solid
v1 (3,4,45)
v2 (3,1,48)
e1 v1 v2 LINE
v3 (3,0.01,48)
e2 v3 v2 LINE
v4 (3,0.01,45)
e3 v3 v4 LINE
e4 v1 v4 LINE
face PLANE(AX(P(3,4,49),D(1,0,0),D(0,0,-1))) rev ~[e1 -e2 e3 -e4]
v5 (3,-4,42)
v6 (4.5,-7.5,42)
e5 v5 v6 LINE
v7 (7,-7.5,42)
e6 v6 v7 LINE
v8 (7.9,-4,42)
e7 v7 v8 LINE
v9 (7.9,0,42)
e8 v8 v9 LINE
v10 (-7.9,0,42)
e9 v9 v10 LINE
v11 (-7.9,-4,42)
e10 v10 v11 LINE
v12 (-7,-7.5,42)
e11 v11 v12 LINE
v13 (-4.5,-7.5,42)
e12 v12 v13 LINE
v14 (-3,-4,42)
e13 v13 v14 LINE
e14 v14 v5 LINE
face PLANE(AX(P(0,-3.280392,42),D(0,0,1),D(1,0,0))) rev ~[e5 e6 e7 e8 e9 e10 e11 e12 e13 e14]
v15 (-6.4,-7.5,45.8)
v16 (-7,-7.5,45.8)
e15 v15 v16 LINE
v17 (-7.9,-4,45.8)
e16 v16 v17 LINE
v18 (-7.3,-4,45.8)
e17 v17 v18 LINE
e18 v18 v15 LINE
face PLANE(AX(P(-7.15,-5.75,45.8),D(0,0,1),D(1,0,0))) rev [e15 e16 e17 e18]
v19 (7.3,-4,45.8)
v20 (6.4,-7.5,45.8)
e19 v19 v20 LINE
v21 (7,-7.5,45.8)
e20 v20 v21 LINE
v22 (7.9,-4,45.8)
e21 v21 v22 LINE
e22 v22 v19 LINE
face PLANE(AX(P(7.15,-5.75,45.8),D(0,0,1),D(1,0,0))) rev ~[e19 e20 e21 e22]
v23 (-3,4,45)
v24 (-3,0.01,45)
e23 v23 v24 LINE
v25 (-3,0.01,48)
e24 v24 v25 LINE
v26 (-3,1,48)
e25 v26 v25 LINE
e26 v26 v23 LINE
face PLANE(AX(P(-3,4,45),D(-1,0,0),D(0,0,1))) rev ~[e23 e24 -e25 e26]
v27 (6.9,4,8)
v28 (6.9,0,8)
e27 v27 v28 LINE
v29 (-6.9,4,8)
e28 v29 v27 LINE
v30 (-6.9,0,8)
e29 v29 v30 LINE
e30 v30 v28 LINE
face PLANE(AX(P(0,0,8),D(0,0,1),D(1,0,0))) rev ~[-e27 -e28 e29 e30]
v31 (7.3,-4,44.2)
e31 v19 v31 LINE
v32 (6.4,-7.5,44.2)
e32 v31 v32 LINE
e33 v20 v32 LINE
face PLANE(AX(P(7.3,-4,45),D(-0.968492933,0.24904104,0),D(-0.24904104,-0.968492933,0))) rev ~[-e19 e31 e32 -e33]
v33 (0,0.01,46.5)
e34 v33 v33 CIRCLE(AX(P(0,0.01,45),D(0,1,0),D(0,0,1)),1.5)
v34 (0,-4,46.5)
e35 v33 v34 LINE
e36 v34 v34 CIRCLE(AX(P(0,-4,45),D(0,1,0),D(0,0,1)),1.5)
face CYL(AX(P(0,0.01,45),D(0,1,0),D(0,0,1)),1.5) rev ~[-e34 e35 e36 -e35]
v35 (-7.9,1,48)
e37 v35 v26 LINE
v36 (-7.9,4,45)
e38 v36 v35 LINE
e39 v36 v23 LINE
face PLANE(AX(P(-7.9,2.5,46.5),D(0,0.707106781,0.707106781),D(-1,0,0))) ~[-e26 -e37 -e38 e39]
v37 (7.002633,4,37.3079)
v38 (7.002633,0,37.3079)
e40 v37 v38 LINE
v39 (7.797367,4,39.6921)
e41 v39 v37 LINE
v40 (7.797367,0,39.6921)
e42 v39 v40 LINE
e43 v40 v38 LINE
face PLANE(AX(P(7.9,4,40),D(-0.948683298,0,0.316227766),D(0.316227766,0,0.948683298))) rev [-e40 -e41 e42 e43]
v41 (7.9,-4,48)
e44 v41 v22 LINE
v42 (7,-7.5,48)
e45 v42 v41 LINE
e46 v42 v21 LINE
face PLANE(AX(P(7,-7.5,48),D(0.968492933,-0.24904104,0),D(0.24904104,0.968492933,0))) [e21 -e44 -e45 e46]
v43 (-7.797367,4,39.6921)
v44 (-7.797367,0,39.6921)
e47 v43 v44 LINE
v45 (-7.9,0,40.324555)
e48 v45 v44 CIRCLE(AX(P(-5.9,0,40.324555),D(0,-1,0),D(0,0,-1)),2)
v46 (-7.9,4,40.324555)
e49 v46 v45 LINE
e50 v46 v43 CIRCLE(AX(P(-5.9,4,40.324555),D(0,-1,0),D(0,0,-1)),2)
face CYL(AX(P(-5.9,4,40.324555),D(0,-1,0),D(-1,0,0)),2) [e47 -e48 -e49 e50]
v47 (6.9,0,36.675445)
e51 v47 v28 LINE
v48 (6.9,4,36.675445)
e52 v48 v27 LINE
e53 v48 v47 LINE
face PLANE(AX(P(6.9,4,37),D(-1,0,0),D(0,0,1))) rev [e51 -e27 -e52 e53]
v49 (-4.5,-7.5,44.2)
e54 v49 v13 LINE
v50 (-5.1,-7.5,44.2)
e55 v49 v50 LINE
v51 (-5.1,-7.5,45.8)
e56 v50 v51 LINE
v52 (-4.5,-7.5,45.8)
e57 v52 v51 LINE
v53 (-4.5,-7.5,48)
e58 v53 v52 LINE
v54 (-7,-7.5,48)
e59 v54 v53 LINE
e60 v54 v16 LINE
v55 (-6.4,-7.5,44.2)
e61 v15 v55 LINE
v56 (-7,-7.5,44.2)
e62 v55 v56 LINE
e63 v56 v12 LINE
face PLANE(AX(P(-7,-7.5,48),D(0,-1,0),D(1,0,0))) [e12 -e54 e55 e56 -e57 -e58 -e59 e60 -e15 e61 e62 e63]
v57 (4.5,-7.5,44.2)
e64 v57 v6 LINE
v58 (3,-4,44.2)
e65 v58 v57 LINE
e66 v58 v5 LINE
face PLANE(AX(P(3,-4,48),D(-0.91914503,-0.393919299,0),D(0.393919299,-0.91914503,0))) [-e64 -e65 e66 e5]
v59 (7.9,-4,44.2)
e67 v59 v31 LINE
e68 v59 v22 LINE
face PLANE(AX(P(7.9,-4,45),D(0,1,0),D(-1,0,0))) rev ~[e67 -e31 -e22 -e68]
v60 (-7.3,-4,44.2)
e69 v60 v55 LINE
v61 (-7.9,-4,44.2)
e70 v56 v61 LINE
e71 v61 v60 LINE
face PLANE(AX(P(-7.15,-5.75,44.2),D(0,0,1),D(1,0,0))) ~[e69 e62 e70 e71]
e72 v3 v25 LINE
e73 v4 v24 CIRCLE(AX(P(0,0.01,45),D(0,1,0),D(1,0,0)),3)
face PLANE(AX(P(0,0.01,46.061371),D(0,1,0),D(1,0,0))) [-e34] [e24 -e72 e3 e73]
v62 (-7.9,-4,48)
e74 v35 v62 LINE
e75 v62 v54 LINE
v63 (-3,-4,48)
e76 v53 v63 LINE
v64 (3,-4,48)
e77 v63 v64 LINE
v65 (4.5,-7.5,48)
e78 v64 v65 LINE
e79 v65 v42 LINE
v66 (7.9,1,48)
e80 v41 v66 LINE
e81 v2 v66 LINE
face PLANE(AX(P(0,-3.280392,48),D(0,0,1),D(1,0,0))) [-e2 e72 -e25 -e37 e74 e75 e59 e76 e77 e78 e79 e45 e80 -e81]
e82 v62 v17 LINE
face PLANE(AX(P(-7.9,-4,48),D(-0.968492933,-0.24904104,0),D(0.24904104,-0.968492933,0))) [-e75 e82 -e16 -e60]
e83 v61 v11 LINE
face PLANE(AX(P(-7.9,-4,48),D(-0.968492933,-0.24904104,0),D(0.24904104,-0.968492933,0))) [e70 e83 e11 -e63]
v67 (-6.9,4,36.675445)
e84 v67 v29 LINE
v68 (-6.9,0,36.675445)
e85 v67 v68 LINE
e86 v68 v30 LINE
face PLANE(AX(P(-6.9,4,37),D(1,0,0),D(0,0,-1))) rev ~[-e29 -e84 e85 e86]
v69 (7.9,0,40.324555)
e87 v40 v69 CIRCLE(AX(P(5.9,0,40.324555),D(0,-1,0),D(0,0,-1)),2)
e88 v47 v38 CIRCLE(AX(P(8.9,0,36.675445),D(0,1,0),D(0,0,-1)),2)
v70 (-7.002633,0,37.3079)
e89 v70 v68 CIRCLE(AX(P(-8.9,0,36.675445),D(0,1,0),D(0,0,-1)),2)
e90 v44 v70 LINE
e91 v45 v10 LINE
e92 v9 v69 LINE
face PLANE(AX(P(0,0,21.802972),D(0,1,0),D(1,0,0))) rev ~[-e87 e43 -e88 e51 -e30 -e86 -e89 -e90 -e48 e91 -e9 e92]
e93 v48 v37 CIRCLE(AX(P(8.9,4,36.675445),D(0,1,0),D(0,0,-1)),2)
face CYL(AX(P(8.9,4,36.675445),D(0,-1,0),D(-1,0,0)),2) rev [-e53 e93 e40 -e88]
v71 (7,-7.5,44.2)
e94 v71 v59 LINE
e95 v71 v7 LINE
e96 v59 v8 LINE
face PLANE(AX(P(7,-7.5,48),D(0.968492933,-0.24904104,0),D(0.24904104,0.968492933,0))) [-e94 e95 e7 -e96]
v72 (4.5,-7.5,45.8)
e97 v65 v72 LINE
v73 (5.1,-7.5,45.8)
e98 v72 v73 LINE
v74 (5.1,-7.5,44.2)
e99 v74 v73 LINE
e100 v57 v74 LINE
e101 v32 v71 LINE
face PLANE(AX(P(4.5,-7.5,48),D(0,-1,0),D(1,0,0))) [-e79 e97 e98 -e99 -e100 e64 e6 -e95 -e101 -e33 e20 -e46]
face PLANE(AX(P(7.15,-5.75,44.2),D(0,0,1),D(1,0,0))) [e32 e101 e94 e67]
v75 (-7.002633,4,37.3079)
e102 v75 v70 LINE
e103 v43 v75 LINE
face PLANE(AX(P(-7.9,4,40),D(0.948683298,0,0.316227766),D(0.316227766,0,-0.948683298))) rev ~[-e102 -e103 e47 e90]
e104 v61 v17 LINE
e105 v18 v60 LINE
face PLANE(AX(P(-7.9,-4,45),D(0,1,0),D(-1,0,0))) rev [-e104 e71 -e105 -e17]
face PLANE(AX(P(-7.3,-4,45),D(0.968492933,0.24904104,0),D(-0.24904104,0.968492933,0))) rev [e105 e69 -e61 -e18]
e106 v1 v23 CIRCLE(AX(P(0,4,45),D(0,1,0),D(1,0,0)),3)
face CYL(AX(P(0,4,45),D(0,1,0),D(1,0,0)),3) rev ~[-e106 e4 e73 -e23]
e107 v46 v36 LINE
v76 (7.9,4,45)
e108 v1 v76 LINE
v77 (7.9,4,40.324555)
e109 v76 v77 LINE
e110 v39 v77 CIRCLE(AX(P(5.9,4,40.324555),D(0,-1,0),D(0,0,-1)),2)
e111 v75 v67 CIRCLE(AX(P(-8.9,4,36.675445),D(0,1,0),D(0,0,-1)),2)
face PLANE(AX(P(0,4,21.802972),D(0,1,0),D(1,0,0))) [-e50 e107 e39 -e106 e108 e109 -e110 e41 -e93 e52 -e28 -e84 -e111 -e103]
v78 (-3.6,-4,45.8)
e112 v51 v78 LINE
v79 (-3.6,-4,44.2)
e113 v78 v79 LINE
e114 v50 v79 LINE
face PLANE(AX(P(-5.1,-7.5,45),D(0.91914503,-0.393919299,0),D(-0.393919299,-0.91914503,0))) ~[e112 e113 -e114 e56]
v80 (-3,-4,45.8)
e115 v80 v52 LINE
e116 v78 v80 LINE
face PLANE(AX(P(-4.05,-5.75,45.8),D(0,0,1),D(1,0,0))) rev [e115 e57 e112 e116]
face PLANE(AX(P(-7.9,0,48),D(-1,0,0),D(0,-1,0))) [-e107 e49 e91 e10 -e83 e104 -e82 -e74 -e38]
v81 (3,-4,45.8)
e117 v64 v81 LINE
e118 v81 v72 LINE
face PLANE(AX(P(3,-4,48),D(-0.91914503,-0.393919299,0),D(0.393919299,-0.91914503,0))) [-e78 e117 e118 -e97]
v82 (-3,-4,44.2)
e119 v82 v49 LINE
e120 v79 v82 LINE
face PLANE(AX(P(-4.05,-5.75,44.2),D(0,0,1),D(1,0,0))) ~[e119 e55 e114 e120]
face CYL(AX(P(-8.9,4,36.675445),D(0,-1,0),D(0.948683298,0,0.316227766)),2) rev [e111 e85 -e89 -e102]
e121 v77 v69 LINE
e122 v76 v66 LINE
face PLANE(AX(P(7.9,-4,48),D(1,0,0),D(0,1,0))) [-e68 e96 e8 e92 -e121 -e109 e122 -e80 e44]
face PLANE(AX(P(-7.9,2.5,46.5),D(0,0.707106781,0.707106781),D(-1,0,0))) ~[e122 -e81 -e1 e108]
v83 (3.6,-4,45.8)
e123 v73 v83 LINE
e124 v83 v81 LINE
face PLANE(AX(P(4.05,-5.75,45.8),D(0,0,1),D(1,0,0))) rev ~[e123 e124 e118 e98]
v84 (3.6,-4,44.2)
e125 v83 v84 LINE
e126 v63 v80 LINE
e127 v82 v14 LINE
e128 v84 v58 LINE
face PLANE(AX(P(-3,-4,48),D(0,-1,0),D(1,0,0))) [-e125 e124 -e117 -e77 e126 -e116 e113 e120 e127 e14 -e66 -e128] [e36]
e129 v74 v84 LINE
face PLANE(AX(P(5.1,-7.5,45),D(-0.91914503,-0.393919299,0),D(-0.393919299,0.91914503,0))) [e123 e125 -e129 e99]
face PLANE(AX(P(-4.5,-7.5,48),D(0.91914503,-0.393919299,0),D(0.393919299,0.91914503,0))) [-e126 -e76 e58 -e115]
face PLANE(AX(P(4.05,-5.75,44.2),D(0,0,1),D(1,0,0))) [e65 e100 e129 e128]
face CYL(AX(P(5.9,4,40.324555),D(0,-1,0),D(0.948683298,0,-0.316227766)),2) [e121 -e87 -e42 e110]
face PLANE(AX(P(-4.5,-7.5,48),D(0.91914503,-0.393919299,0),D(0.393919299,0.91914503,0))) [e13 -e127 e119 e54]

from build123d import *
from build123d.topology import SkipClean

# Parameters (mm, degrees)
EXTRUDE_1_DEPTH     = 4
EXTRUDE_3_DEPTH     = 6
CHAMFER_1_SIZE      = 3
CUT_EXTRUDE_2_DEPTH = 3.99
CUT_EXTRUDE_3_REACH = 51.222
SKETCH_7_R          = 1.5
SKETCH_8_R          = 6
EXTRUDE_4_DEPTH     = 1
FILLET_1_R          = 0.5
SKETCH_9_R          = 5
CUT_EXTRUDE_4_DEPTH = 3
SKETCH_10_R         = 3.55
CUT_EXTRUDE_5_DEPTH = 3.6
CUT_EXTRUDE_6_DEPTH = 0.8
CUT_EXTRUDE_7_DEPTH = 50.986598204
FILLET_2_R          = 2


with BuildPart() as part:
    # ｽｹｯﾁ1 → ﾎﾞｽ - 押し出し1 (new body)
    with BuildSketch(Plane(origin=(0, 0, 0), x_dir=(1, 0, 0), z_dir=(0, 1, 0))):
        with BuildLine():
            Line((-7.9, 0), (-7.9, -48))
            Line((-7.9, -48), (7.9, -48))
            Line((7.9, -48), (7.9, 0))
            ThreePointArc((7.9, 0), (0, 7.9), (-7.9, 0))
        make_face()
    extrude(amount=EXTRUDE_1_DEPTH)

    # ｽｹｯﾁ4 → ﾎﾞｽ - 押し出し3 (add)
    with BuildSketch(Plane.XY.offset(48)):
        Polygon((-7, -7.5), (-4.5, -7.5), (-3, -4), (3, -4), (4.5, -7.5), (7, -7.5), (7.9, -4), (7.9, 0), (-7.9, 0), (-7.9, -4), align=None)
    extrude(amount=-EXTRUDE_3_DEPTH)

    # 面取り1
    chamfer_1_edges = [part.edges().sort_by_distance(p)[0] for p in [
        (0, 4, 48),
    ]]
    chamfer(chamfer_1_edges, length=CHAMFER_1_SIZE)

    # ｽｹｯﾁ6 → ｶｯﾄ - 押し出し2 (cut)
    with BuildSketch(Plane(origin=(0, 4, 0), x_dir=(1, 0, 0), z_dir=(0, 1, 0))):
        with BuildLine():
            Line((-3, -45), (-3, -49))
            Line((-3, -49), (3, -49))
            Line((3, -49), (3, -45))
            ThreePointArc((3, -45), (0, -42), (-3, -45))
        make_face()
    extrude(amount=-CUT_EXTRUDE_2_DEPTH, mode=Mode.SUBTRACT)

    # ｽｹｯﾁ7 → ｶｯﾄ - 押し出し3 (cut, up to next)
    with BuildSketch(Plane(origin=(0, 0.01, 0), x_dir=(1, 0, 0), z_dir=(0, 1, 0)), mode=Mode.PRIVATE) as cut_extrude_3_sk1:
        with Locations(Location((0, -45, 0), (0, 0, 270))):
            Circle(SKETCH_7_R)
    cut_extrude_3_tool1 = extrude(cut_extrude_3_sk1.sketch, amount=-CUT_EXTRUDE_3_REACH, mode=Mode.PRIVATE) & part.part
    add(cut_extrude_3_tool1.solids().sort_by_distance((0, 0.01, 45))[0], mode=Mode.SUBTRACT)

    # ｽｹｯﾁ8 → ﾎﾞｽ - 押し出し4 (add)
    with BuildSketch(Plane.XZ):
        with Locations(Location((0, 0, 0), (0, 0, 90))):
            Circle(SKETCH_8_R)
    extrude(amount=EXTRUDE_4_DEPTH)

    # ﾌｨﾚｯﾄ1
    fillet_1_edges = [part.edges().sort_by_distance(p)[0] for p in [
        (0, 0, -6),
    ]]
    fillet(fillet_1_edges, radius=FILLET_1_R)

    # ｽｹｯﾁ9 → ｶｯﾄ - 押し出し4 (cut)
    with BuildSketch(Plane(origin=(0, 4, 0), x_dir=(1, 0, 0), z_dir=(0, 1, 0))):
        with Locations(Location((0, 0, 0), (0, 0, 270))):
            Circle(SKETCH_9_R)
    extrude(amount=-CUT_EXTRUDE_4_DEPTH, mode=Mode.SUBTRACT)

    # ｽｹｯﾁ10 → ｶｯﾄ - 押し出し5 (cut)
    with BuildSketch(Plane(origin=(0, 1, 0), x_dir=(1, 0, 0), z_dir=(0, 1, 0))):
        with Locations(Location((0, 0, 0), (0, 0, 270))):
            Circle(SKETCH_10_R)
    extrude(amount=-CUT_EXTRUDE_5_DEPTH, mode=Mode.SUBTRACT)

    # ｽｹｯﾁ11 → ｶｯﾄ - 押し出し6 (cut, symmetric)
    with BuildSketch(Plane.XY.offset(45)):
        Polygon((3, -4), (4.5, -7.5), (5.1, -7.5), (3.6, -4), align=None)
        Polygon((6.4, -7.5), (7, -7.5), (7.9, -4), (7.3, -4), align=None)
    cut_extrude_6 = extrude(amount=CUT_EXTRUDE_6_DEPTH, both=True, mode=Mode.SUBTRACT)

    # ﾐﾗｰ1: ｶｯﾄ - 押し出し6 across plane
    add(cut_extrude_6.mirror(Plane(origin=(0, 0, 0), x_dir=(0, 0, 1), z_dir=(1, 0, 0))), mode=Mode.SUBTRACT)

    # ｽｹｯﾁ12 → ｶｯﾄ - 押し出し7 (cut, through all)
    with SkipClean():  # the faces are left unmerged after this step: merging them gives an invalid solid
        with BuildSketch(Plane(origin=(0, 4, 0), x_dir=(1, 0, 0), z_dir=(0, 1, 0))):
            with BuildLine():
                Line((-7.9, 0), (-7.9, -40))
                Line((-7.9, -40), (-6.9, -37))
                Line((-6.9, -37), (-6.9, -3.847076812))
                ThreePointArc((-6.9, -3.847076812), (-7.645913941, -1.987460691), (-7.9, 0))
            make_face()
        cut_extrude_7 = extrude(amount=-CUT_EXTRUDE_7_DEPTH, mode=Mode.SUBTRACT)

    # ﾐﾗｰ2: ｶｯﾄ - 押し出し7 across plane
    with SkipClean():  # the faces are left unmerged after this step: merging them gives an invalid solid
        add(cut_extrude_7.mirror(Plane(origin=(0, 0, 0), x_dir=(0, 0, 1), z_dir=(1, 0, 0))), mode=Mode.SUBTRACT)

    # ﾌｨﾚｯﾄ2
    fillet_2_edges = [part.edges().sort_by_distance(p)[0] for p in [
        (-6.9, 2, 3.847076812),
        (-6.9, 2, 37),
        (-7.9, 2, 40),
        (6.9, 2, 3.847076812),
        (7.9, 2, 40),
        (6.9, 2, 37),
    ]]
    fillet(fillet_2_edges, radius=FILLET_2_R)

    # Surface Cut 1
    split(bisect_by=Plane.XY.offset(8), keep=Keep.TOP)


solid = part.part
